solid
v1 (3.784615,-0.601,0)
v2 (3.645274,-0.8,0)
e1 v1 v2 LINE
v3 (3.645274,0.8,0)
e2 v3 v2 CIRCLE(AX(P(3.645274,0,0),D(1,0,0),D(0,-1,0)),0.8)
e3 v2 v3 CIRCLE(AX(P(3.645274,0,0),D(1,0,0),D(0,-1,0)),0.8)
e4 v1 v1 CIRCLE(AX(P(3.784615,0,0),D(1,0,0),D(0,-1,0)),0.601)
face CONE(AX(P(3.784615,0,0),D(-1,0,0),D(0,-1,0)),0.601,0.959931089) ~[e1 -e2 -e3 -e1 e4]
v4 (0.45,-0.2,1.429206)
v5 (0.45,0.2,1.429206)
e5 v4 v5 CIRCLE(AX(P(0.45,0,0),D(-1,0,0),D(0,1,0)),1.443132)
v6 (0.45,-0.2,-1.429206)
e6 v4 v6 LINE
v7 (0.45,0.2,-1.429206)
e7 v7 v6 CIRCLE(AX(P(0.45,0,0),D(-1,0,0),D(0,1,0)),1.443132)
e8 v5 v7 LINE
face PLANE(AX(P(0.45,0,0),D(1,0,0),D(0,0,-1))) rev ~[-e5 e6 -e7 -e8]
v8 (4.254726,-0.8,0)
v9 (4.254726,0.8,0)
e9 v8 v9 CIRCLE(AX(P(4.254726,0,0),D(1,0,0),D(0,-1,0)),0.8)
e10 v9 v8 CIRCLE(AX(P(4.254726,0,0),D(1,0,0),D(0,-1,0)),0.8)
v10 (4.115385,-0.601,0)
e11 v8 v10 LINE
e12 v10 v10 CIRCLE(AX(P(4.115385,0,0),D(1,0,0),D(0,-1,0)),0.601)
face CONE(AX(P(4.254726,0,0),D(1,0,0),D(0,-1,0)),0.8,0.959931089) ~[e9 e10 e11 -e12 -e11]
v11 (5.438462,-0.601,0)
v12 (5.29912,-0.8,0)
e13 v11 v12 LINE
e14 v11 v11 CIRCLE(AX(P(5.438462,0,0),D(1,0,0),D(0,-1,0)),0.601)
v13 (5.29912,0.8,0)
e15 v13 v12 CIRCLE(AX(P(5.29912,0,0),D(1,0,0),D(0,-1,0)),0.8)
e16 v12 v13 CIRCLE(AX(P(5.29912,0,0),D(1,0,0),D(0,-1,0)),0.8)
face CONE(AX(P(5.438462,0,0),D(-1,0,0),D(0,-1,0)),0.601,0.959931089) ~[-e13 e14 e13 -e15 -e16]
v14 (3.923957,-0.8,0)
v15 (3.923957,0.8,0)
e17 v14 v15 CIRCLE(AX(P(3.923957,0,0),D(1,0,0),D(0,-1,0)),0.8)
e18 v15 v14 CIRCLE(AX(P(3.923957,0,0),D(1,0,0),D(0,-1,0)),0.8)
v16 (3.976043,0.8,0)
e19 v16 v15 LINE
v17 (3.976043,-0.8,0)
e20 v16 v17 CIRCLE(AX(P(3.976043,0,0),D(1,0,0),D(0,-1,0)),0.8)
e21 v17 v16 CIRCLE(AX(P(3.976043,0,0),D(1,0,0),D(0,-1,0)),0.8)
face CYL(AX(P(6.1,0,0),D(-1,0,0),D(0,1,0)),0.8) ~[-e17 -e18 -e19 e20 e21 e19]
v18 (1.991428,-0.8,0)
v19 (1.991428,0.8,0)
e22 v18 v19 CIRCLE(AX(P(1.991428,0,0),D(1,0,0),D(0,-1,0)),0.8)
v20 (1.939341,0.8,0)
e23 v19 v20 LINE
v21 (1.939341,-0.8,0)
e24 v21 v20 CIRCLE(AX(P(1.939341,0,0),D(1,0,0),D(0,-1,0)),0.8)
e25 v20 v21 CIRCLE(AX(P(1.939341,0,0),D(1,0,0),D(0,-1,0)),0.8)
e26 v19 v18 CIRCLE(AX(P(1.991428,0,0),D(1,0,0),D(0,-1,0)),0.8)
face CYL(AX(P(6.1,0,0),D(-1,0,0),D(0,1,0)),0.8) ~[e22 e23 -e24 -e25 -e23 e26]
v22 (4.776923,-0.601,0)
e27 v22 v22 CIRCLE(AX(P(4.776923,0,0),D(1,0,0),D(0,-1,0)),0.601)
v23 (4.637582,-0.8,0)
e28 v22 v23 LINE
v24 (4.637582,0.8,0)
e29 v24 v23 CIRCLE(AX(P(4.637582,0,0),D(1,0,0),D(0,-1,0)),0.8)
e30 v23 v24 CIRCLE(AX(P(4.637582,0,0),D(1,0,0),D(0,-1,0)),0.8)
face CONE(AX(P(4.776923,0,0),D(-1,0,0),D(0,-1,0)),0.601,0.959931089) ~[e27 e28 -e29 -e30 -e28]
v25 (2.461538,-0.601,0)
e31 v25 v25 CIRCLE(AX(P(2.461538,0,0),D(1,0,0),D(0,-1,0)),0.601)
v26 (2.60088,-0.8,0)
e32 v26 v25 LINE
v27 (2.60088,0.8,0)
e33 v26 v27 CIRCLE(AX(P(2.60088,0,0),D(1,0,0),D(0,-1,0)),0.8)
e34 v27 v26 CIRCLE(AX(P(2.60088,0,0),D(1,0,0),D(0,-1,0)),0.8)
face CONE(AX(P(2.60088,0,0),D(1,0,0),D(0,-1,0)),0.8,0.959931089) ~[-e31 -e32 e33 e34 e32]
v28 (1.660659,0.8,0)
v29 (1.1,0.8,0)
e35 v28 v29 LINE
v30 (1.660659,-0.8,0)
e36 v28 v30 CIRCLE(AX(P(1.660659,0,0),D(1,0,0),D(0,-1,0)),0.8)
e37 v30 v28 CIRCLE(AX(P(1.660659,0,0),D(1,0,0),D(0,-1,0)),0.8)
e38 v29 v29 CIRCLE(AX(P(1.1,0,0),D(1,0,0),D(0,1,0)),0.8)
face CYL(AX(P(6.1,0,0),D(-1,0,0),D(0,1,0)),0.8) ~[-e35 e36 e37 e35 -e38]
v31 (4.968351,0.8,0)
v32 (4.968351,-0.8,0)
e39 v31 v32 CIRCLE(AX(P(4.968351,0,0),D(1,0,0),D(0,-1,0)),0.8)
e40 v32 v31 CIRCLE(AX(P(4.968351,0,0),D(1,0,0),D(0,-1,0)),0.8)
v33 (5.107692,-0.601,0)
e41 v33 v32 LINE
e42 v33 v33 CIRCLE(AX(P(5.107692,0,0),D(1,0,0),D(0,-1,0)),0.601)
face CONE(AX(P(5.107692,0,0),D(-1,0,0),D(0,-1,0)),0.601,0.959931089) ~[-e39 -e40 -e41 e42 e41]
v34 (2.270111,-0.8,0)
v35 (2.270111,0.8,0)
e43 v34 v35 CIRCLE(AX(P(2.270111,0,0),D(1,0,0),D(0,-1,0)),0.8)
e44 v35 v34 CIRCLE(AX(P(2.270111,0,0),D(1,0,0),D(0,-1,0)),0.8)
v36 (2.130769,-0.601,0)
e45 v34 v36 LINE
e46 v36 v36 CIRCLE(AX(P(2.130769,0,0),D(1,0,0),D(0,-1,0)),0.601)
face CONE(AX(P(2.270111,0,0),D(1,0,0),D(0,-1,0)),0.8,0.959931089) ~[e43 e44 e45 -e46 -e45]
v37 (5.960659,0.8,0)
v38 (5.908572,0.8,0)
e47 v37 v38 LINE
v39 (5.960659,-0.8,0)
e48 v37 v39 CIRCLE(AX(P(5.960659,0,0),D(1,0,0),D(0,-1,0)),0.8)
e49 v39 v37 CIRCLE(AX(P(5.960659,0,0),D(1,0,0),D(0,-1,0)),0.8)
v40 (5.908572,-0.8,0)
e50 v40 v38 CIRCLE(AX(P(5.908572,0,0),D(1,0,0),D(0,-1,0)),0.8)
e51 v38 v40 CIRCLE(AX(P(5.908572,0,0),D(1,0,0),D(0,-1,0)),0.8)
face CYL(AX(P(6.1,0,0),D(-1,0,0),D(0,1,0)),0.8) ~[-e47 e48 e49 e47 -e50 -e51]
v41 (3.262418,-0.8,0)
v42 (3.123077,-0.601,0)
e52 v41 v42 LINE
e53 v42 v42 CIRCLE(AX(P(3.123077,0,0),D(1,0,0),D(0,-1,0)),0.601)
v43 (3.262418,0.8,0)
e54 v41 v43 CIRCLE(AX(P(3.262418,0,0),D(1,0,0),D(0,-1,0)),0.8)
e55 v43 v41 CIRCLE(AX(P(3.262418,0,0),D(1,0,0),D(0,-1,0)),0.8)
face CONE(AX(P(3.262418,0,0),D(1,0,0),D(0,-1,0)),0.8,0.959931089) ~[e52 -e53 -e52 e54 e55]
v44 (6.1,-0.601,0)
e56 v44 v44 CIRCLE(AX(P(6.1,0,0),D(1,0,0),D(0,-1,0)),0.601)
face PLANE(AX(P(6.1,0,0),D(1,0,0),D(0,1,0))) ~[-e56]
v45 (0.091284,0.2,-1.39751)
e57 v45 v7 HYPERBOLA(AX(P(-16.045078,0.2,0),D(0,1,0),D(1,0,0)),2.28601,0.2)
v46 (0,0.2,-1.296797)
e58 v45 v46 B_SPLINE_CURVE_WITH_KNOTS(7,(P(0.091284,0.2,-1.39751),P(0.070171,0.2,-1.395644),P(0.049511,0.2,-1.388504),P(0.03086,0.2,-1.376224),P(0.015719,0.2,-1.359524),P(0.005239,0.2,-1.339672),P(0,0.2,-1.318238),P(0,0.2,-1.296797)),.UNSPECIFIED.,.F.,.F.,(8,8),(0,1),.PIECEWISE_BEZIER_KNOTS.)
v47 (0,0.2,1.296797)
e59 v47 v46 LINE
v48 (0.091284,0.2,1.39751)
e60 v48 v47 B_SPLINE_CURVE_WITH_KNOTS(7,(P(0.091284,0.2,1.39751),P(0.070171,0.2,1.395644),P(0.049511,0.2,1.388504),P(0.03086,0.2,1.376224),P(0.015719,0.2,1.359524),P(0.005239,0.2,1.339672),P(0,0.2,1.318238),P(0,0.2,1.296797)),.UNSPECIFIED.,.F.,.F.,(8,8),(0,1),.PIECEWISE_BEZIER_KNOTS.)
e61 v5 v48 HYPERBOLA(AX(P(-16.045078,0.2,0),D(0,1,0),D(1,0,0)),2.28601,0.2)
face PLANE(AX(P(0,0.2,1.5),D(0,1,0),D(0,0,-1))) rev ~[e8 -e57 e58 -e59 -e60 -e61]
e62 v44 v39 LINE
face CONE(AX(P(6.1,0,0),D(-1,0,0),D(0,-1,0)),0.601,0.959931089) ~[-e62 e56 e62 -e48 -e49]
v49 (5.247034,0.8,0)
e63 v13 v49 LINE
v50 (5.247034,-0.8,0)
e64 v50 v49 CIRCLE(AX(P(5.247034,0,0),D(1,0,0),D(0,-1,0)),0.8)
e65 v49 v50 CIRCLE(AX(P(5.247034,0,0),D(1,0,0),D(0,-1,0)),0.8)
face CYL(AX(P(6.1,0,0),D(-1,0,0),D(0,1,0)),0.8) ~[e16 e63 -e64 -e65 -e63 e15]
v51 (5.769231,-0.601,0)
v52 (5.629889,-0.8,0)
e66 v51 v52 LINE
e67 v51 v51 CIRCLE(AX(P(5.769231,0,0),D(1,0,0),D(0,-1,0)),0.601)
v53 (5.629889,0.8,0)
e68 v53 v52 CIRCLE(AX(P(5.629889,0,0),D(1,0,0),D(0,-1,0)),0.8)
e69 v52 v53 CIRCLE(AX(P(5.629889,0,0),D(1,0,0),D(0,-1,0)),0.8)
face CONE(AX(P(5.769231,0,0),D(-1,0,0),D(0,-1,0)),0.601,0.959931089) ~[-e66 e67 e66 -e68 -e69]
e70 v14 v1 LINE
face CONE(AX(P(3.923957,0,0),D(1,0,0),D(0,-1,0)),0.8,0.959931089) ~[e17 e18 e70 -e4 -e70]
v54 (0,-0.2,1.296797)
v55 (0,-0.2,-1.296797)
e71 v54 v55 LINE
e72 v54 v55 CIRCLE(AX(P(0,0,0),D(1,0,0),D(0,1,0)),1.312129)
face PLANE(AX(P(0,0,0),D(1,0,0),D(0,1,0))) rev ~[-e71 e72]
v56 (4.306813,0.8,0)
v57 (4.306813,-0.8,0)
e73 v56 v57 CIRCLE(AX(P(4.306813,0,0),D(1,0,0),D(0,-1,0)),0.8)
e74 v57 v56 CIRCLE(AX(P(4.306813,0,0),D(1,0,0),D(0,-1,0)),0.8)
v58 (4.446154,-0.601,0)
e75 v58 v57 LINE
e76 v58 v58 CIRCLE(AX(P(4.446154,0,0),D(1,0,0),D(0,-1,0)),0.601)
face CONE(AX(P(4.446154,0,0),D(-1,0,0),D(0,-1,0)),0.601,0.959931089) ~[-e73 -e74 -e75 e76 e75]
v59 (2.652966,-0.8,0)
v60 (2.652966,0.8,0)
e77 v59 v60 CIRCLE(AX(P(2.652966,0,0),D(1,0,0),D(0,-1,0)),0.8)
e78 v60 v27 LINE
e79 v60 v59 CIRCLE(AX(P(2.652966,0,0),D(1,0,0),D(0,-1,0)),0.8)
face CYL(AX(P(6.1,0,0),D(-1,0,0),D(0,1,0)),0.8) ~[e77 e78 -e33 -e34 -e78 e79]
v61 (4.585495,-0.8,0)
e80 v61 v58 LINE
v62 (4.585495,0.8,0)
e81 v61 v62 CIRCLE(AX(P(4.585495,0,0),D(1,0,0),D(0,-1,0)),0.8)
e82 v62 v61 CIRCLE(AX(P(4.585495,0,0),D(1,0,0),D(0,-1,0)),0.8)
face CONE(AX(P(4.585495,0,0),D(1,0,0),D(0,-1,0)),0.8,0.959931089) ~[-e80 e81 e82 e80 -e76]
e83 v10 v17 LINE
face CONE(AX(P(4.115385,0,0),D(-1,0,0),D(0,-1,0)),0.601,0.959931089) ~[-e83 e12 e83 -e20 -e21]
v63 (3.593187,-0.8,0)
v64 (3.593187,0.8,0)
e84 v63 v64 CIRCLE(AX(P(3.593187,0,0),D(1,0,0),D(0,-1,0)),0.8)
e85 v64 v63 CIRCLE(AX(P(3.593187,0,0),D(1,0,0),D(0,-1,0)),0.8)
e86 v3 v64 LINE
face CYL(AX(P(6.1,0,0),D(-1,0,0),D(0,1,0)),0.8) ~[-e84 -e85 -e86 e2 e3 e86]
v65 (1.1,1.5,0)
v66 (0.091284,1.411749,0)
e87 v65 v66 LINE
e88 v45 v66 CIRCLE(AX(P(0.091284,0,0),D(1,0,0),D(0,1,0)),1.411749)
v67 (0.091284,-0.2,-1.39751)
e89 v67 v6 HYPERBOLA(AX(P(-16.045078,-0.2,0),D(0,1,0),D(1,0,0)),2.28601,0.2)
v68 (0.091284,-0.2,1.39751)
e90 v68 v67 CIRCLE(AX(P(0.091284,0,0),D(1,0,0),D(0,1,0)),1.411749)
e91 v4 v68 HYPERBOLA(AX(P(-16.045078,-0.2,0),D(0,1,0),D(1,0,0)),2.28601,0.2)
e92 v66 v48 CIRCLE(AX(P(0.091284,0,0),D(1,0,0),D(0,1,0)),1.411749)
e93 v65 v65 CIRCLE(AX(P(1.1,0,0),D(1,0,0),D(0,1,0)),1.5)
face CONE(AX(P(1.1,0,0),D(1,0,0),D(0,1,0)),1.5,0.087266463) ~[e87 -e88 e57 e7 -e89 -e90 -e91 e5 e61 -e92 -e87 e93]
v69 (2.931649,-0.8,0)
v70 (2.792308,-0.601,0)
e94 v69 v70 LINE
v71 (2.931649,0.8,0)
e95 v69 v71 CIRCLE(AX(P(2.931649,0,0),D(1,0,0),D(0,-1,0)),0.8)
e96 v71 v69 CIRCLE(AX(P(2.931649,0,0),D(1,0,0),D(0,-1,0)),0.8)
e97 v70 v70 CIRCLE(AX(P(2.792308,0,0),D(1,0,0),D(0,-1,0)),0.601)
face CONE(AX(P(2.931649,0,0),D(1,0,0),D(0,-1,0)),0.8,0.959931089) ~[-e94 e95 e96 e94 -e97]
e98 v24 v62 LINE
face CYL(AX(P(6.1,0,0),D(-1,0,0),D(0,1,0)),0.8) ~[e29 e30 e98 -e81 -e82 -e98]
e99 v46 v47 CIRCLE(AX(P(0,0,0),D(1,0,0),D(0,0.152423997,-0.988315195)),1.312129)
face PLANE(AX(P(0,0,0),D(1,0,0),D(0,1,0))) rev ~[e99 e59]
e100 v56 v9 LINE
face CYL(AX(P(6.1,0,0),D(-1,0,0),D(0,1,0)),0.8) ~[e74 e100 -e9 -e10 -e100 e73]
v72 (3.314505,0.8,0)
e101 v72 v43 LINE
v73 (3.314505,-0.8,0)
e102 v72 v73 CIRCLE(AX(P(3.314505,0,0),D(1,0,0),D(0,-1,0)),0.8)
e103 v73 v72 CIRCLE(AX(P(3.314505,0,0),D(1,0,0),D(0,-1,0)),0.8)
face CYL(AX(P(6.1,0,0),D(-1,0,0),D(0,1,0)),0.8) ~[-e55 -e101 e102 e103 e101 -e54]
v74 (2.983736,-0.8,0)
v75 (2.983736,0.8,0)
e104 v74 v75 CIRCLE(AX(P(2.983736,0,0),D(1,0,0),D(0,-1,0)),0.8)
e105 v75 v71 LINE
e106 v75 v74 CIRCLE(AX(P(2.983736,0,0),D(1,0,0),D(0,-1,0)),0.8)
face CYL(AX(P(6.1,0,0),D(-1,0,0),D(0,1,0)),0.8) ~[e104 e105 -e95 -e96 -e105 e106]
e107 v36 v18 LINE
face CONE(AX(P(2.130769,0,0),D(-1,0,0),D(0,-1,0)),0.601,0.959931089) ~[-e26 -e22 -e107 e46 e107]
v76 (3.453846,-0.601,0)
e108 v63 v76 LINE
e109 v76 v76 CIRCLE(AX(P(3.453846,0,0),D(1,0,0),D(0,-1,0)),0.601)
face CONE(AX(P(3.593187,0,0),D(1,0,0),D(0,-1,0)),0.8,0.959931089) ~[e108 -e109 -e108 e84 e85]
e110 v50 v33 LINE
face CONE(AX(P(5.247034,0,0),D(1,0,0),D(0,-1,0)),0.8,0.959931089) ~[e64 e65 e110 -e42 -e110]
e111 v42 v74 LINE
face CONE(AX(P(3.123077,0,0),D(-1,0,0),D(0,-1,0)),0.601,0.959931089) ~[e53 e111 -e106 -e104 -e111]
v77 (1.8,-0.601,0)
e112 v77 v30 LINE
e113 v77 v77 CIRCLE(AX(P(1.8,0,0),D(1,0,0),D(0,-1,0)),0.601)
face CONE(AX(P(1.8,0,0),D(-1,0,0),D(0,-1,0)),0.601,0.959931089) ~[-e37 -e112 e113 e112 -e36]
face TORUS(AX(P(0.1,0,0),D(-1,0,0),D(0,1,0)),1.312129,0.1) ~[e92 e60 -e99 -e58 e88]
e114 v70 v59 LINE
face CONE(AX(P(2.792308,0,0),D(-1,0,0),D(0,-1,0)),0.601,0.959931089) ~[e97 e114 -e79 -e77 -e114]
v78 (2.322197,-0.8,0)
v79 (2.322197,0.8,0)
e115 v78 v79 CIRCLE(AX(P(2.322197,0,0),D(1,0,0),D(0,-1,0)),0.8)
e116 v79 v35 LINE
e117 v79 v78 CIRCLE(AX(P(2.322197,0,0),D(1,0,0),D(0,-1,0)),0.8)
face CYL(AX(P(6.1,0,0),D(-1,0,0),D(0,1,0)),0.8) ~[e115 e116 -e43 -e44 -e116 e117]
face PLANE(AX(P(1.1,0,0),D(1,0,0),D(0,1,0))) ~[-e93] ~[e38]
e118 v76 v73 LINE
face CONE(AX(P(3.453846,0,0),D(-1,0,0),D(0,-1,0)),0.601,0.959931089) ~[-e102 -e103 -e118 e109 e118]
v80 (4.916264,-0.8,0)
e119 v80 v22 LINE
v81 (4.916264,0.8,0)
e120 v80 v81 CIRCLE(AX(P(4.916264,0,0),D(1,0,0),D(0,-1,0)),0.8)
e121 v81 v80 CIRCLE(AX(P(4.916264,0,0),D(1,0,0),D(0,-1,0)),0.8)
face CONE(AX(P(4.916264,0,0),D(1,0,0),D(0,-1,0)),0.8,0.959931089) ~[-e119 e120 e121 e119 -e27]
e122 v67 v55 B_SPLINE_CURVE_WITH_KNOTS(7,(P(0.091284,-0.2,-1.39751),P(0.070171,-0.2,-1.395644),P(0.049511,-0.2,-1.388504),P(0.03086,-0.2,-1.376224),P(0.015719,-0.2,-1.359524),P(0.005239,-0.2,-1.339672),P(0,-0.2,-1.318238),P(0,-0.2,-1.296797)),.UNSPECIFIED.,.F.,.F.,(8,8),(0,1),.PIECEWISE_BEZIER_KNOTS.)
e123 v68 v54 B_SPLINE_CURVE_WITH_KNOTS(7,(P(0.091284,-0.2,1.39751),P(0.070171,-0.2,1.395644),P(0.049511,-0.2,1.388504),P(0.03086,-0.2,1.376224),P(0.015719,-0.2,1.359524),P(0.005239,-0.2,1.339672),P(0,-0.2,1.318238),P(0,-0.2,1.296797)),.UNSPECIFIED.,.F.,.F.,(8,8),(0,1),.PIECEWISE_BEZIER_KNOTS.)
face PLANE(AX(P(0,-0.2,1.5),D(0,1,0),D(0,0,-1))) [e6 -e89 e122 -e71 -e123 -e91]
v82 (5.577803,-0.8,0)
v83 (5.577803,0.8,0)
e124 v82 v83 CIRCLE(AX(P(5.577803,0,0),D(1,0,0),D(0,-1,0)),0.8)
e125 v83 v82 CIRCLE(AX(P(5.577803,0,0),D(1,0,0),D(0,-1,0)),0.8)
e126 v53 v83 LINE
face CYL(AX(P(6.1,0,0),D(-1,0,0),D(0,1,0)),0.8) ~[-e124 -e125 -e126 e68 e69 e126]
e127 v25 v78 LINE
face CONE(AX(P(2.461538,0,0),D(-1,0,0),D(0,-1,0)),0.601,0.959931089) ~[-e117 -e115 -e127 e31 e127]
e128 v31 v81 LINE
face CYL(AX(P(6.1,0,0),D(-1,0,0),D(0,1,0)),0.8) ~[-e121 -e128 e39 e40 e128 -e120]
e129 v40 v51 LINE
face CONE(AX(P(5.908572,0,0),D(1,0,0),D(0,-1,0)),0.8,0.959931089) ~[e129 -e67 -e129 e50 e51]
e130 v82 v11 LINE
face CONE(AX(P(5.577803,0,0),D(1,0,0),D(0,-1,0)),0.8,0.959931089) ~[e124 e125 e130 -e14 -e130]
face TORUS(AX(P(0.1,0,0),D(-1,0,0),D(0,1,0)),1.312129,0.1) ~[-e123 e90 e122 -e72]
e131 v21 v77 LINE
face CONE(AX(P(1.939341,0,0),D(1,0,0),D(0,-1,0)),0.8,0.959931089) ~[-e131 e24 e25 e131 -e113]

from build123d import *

# Parameters (mm, degrees)
FILLET2_R       = 0.1
SKETCH2_W       = 3
SKETCH2_H       = 0.4
SLOT_DEPTH      = 0.45
THDSCHPAT_COUNT = 14
THDSCHPAT_PITCH = 0.330769231


with BuildPart() as part:
    # BodySke → Base-Revolve (revolve)
    with BuildSketch(Plane.XY):
        Polygon((1.1, 0.8), (1.1, 1.5), (0, 1.40376247), (0, 0), (6.1, 0), (6.1, 0.8), align=None)
    revolve(axis=Axis((-25.4, 0, 0), (1, 0, 0)))

    # Fillet2
    fillet2_edges = [part.edges().sort_by_distance(p)[0] for p in [
        (0, -1.40376247, 0),
    ]]
    fillet(fillet2_edges, radius=FILLET2_R)

    # Sketch2 → Slot (cut)
    with BuildSketch(Plane(origin=(0, 0, 0), x_dir=(0, 0, -1), z_dir=(1, 0, 0))):
        Rectangle(SKETCH2_W, SKETCH2_H)
    extrude(amount=SLOT_DEPTH, mode=Mode.SUBTRACT)

    # ThdSchSke → ThreadSchematic (revolve, cut)
    with BuildSketch(Plane.XY):
        Polygon((1.8, -0.601), (1.6606587, -0.8), (1.6606587, -1), (1.9393413, -1), (1.9393413, -0.8), align=None)
    threadschematic = revolve(axis=Axis((-3.175, 0, 0), (1, 0, 0)), mode=Mode.SUBTRACT)

    # ThdSchPat: ThreadSchematic ×14
    with Locations(*[(i * THDSCHPAT_PITCH, 0, 0) for i in range(1, THDSCHPAT_COUNT)]):
        add(threadschematic, mode=Mode.SUBTRACT)


solid = part.part
